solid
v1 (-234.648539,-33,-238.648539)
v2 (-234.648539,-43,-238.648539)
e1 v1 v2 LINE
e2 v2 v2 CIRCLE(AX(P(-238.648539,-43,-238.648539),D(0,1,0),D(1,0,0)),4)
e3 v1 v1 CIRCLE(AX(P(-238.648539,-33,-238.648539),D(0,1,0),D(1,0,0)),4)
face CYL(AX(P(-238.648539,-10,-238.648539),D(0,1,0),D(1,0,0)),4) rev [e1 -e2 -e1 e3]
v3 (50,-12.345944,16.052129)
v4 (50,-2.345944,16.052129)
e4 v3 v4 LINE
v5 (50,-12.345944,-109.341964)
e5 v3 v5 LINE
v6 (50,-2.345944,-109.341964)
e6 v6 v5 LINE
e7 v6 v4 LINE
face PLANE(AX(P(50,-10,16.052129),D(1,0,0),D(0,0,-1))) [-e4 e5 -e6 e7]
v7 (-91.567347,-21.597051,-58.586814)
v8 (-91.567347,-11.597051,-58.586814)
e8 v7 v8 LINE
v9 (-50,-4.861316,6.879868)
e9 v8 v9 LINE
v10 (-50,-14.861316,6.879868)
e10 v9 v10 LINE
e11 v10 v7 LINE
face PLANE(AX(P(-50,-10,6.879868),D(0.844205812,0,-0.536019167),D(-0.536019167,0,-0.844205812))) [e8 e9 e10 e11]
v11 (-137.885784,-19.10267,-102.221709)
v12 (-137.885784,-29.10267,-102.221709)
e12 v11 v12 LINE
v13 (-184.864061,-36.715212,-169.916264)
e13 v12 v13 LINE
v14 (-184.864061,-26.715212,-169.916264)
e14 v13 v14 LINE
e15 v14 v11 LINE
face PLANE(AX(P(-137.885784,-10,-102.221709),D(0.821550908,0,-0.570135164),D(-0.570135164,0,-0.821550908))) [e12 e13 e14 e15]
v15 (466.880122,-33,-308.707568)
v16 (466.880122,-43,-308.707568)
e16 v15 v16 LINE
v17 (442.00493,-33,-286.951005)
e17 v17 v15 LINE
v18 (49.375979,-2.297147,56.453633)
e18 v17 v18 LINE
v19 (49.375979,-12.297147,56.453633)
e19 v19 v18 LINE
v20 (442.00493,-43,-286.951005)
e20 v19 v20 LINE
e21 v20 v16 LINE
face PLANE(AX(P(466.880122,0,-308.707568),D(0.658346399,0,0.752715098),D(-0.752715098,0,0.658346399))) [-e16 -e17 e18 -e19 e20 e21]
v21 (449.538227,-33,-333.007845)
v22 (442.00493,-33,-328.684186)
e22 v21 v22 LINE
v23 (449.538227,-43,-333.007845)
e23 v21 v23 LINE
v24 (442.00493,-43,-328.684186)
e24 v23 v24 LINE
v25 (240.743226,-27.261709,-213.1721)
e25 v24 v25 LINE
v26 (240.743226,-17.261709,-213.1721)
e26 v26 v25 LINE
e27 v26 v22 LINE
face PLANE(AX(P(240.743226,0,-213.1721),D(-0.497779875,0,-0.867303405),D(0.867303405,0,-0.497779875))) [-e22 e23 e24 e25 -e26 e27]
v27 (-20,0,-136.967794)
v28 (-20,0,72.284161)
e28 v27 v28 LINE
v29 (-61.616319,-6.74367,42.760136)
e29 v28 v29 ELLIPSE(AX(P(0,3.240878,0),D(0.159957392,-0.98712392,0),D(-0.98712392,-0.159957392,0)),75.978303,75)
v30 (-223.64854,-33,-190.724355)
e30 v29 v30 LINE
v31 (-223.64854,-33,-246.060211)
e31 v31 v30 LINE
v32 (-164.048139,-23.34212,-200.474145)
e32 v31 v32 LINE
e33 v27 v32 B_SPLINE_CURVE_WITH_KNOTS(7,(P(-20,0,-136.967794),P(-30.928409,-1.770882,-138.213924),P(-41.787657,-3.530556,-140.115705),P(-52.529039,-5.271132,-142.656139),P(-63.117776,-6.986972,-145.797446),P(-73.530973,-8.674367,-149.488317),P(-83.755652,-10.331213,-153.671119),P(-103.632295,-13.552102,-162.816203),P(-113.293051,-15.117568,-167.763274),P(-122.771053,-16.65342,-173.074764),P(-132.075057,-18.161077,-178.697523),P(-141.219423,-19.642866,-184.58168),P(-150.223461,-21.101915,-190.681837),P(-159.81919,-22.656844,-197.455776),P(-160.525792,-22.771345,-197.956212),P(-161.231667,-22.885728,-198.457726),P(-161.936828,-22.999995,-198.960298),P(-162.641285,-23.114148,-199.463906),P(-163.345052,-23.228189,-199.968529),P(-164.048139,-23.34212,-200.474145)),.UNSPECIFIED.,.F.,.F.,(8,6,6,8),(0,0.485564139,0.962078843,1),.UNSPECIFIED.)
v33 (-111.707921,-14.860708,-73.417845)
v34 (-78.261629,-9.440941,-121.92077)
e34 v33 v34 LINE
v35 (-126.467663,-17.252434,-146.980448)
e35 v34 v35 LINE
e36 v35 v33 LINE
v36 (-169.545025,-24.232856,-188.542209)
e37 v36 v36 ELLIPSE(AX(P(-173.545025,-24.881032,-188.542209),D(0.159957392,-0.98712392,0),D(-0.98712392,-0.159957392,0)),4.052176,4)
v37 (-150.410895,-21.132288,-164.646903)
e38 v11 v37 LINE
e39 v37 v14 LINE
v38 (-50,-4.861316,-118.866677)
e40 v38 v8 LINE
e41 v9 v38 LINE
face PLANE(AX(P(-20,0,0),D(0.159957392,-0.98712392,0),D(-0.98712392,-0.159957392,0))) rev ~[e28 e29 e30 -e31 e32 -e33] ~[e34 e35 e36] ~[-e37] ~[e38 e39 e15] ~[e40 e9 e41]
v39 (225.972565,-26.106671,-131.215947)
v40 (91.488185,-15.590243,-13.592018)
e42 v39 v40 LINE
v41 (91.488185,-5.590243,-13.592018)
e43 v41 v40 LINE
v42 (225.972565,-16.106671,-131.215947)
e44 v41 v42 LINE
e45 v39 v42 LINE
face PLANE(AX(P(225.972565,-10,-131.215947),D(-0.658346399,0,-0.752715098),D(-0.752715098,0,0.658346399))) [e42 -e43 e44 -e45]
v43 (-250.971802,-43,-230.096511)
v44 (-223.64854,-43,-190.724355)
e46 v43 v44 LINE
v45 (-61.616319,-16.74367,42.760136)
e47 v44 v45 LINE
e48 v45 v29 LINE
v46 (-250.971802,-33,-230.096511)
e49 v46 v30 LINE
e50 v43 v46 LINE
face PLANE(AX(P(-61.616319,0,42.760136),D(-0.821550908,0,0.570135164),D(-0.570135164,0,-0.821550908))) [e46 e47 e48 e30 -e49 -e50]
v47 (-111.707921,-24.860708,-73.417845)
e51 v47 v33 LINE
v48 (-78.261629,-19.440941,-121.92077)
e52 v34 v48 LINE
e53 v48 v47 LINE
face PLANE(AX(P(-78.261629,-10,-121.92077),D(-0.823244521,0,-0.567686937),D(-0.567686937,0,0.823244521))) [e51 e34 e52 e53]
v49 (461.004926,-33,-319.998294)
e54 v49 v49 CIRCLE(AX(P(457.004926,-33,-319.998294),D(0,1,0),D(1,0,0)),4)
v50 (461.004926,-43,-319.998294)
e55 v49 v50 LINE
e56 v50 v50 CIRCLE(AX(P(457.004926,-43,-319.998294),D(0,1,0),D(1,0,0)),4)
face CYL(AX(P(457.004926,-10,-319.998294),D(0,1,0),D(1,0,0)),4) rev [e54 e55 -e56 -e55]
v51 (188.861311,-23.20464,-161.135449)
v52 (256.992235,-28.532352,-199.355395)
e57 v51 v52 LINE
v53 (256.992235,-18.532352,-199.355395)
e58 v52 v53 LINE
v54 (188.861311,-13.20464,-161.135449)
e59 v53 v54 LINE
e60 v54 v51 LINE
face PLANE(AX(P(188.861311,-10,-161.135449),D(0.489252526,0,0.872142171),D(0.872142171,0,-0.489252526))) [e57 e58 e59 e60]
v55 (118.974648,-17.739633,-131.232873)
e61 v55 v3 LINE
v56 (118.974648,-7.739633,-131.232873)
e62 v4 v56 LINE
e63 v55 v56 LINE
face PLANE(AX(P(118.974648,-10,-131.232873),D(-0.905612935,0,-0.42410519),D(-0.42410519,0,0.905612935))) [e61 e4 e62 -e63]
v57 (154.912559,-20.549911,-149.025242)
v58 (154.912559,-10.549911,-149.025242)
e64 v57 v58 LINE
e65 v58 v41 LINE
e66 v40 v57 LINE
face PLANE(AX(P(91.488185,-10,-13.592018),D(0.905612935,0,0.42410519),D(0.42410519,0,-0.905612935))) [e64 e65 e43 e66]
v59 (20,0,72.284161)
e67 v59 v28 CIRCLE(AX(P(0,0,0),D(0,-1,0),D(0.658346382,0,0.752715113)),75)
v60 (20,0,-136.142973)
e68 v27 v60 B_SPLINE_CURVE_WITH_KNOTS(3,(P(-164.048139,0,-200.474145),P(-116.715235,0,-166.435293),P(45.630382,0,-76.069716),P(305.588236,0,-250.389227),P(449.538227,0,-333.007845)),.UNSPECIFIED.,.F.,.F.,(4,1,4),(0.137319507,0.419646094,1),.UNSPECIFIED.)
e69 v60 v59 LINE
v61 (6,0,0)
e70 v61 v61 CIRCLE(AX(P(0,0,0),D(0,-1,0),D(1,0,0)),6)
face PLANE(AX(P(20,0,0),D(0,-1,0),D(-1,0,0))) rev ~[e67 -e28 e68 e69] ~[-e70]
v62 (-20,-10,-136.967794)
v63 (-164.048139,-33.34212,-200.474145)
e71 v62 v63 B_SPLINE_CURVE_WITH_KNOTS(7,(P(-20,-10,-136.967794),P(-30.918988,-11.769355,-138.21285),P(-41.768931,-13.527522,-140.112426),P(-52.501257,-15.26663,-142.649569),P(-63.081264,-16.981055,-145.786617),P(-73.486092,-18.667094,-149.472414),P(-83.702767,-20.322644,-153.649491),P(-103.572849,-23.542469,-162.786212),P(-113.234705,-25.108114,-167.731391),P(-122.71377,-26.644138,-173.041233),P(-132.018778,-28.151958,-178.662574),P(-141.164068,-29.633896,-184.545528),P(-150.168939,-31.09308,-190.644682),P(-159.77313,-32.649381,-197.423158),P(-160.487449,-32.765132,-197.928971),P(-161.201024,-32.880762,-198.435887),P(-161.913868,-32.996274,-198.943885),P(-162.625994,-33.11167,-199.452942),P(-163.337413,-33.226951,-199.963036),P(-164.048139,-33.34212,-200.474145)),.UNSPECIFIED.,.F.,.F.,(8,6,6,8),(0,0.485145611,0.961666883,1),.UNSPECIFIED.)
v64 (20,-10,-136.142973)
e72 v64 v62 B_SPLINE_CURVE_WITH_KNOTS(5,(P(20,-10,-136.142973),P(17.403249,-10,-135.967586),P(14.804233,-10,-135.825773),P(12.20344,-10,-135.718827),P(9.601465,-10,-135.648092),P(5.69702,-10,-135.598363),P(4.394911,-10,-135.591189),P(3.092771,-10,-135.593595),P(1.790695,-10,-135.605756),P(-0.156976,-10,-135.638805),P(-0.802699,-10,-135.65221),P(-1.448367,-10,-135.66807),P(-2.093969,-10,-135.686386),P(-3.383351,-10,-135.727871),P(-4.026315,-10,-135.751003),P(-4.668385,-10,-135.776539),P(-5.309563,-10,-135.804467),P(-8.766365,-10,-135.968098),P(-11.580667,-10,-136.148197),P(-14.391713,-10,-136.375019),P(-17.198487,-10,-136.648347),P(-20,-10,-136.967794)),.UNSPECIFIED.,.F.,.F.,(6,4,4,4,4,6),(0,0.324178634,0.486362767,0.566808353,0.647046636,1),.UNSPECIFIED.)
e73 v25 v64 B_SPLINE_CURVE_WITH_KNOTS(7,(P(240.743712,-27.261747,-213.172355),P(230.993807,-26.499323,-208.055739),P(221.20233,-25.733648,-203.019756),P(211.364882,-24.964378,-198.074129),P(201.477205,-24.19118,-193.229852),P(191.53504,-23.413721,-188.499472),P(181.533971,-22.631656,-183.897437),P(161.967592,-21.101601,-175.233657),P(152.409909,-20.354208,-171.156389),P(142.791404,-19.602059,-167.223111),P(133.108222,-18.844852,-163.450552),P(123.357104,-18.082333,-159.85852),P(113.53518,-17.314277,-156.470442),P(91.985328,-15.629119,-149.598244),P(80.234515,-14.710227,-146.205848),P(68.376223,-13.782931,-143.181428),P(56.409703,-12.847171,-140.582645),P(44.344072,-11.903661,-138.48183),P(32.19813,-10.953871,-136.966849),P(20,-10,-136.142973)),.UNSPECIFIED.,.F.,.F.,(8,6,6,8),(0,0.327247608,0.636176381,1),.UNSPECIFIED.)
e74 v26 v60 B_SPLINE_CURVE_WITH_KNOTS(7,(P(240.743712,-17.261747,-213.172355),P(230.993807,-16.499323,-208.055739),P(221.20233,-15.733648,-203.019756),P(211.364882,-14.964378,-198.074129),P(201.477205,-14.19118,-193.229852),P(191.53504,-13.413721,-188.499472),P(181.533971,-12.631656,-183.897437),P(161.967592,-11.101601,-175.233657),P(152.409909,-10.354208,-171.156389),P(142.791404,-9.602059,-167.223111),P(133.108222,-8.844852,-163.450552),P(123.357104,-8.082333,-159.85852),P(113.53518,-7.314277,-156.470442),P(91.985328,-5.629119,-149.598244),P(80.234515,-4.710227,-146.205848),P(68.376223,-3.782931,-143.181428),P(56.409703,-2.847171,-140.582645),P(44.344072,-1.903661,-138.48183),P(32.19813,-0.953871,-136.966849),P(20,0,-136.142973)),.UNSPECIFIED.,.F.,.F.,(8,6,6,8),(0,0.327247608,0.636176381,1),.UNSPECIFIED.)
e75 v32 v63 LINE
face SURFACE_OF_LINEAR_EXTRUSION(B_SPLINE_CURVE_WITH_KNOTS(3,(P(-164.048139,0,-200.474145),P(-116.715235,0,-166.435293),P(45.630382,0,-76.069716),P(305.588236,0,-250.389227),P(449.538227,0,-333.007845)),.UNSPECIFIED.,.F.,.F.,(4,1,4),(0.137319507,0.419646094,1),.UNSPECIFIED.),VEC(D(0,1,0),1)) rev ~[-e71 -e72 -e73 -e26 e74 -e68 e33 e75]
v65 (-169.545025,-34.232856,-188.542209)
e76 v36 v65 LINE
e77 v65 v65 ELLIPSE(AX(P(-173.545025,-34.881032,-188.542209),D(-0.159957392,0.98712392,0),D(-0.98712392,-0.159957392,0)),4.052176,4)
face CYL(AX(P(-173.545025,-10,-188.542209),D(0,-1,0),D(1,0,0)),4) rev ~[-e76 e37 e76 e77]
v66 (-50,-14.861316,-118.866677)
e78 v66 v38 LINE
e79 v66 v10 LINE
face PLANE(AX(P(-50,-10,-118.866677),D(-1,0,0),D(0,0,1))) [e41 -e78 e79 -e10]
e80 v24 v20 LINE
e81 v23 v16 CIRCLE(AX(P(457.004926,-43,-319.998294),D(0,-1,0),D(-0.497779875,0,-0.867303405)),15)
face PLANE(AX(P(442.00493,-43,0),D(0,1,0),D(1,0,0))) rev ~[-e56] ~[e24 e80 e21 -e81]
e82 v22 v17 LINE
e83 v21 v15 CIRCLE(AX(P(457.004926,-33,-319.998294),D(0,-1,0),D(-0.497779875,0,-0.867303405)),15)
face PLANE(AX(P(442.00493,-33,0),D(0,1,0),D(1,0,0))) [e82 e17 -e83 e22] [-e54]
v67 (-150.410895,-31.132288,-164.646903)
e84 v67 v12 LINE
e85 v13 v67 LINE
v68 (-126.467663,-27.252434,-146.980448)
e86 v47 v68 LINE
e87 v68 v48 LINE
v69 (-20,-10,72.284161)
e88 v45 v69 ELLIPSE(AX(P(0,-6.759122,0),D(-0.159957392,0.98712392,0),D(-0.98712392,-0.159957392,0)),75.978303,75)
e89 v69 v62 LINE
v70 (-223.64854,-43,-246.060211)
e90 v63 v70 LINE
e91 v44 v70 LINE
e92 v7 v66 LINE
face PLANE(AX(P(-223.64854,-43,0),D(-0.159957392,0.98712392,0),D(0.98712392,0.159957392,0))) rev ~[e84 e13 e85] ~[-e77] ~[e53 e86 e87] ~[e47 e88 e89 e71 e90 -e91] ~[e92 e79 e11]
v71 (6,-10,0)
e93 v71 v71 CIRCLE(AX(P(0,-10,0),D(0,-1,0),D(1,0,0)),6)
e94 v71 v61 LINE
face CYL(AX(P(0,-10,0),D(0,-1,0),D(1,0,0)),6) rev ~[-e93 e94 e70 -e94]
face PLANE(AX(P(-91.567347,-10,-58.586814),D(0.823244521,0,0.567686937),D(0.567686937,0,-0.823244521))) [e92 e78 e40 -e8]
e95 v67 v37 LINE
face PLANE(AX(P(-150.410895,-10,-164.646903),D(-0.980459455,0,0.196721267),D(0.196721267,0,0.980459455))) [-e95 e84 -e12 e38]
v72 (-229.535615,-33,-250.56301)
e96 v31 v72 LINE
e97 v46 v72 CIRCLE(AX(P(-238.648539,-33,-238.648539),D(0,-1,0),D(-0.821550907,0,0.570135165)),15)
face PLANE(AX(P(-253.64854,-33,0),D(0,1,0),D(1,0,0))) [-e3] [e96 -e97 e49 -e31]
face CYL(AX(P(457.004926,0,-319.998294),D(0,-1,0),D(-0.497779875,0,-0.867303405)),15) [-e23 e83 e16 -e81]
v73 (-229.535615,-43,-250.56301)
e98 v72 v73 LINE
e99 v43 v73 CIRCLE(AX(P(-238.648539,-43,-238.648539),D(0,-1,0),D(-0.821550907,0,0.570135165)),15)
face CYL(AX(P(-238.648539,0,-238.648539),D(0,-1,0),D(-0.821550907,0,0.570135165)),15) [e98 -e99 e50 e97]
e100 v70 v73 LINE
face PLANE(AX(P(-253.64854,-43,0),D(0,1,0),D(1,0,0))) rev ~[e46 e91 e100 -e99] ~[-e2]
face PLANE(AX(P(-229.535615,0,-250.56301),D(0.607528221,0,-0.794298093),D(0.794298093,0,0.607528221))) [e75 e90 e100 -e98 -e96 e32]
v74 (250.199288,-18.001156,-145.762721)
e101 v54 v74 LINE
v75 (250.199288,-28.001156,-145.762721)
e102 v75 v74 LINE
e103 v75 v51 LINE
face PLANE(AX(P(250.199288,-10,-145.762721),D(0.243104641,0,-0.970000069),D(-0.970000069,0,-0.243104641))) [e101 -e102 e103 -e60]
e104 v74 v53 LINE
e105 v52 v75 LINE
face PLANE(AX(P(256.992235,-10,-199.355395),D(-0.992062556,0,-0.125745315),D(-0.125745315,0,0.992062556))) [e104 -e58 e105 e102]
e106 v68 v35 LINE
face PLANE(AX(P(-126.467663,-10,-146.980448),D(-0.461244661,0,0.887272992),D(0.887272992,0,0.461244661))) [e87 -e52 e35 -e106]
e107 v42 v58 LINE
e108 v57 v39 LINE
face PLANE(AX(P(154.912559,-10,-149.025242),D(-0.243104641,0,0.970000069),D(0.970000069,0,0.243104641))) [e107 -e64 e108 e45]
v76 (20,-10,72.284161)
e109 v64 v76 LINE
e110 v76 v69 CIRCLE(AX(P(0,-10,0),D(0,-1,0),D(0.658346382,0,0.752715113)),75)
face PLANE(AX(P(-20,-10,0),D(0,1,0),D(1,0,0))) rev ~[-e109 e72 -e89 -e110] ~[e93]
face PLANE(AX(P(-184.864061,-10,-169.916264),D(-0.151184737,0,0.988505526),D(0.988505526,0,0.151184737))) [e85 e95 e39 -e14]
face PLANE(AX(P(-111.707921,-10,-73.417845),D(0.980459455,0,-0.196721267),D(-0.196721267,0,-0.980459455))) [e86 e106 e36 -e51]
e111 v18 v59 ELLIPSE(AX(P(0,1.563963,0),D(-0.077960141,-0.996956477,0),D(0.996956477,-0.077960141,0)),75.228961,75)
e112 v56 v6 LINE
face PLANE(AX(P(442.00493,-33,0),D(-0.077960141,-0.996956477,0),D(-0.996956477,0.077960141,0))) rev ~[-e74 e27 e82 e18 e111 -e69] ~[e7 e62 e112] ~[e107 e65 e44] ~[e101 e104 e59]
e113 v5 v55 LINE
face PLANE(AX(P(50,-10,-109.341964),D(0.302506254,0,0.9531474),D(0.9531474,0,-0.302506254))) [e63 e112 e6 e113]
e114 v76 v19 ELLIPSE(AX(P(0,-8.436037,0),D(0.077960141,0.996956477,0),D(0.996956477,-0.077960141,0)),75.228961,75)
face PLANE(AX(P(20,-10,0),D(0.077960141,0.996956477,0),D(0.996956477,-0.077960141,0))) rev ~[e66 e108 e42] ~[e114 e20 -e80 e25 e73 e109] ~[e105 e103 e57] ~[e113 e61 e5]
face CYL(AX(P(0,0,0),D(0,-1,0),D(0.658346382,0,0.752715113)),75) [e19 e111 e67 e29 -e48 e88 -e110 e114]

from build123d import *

# Parameters (mm, degrees)
F1_W     = 30
F1_H     = 10
F2_DEPTH = 340
F3_DEPTH = 100
F5_DEPTH = 76
F6_R     = 4
F6_R_2   = 6
F7_DEPTH = 66


with BuildPart() as f2:
    # F1 (on Top) → F2 (new body)
    with BuildSketch(Plane.XY):
        Polygon((0, 0), (-20, 0), (-20, -10), (0, -10), (20, -10), (20, 0), align=None)
        Polygon((-20, -10), (-20, 0), (-223.64854, -33), (-223.64854, -43), align=None)
        with Locations((-238.64854, -38)):
            Rectangle(F1_W, F1_H)
        Polygon((442.00493, -33), (20, 0), (20, -10), (442.00493, -43), align=None)
        with Locations((457.00493, -38)):
            Rectangle(F1_W, F1_H)
    extrude(amount=-F2_DEPTH)

    # F1 (on Top) → F3 (join)
    with BuildSketch(Plane.XY):
        Polygon((0, 0), (-20, 0), (-20, -10), (0, -10), (20, -10), (20, 0), align=None)
        Polygon((-20, -10), (-20, 0), (-223.64854, -33), (-223.64854, -43), align=None)
        with Locations((-238.64854, -38)):
            Rectangle(F1_W, F1_H)
        Polygon((442.00493, -33), (20, 0), (20, -10), (442.00493, -43), align=None)
        with Locations((457.00493, -38)):
            Rectangle(F1_W, F1_H)
    extrude(amount=F3_DEPTH)

    # F4 (on Front) → F5 (intersect, symmetric)
    with BuildSketch(Plane.XZ):
        with BuildLine():
            ThreePointArc((-250.9718022583, -230.0965111685), (-249.006915225, -249.4976876834), (-229.5356153331, -250.563010045))
            ThreePointArc((-229.5356153331, -250.563010045), (-225.2006047987, -245.2933166844), (-223.6485386505, -238.6485386505))
            ThreePointArc((-223.6485386505, -238.6485386505), (-234.1679669301, -224.3333552056), (-250.9718022583, -230.0965111685))
        make_face()
        with BuildLine():
            add(Edge.make_bspline(
                [(-229.5356153331, -250.563010045), (-208.7207010553, -234.6424785008), (-187.0701685552, -217.0301430269), (-164.0481391717, -200.4741451059)],
                knots=[0, 0, 0, 0, 0.1373195068, 0.1373195068, 0.1373195068, 0.1373195068], degree=3))
            Line((-229.5356153331, -250.563010045), (-164.0481391717, -200.4741451059))
        make_face()
        with BuildLine():
            ThreePointArc((-223.6485386505, -238.6485386505), (-225.2006047987, -245.2933166844), (-229.5356153331, -250.563010045))
            add(Edge.make_bspline(
                [(-229.5356153331, -250.563010045), (-208.7207010553, -234.6424785008), (-187.0701685552, -217.0301430269), (-164.0481391717, -200.4741451059)],
                knots=[0, 0, 0, 0, 0.1373195068, 0.1373195068, 0.1373195068, 0.1373195068], degree=3))
            Line((-164.0481391717, -200.4741451059), (0, -75))
            ThreePointArc((0, -75), (-66.4530293795, -34.7706037666), (-61.6163187638, 42.7601363655))
            Line((-61.6163187638, 42.7601363655), (-250.9718022583, -230.0965111685))
            ThreePointArc((-250.9718022583, -230.0965111685), (-234.1679669301, -224.3333552056), (-223.6485386505, -238.6485386505))
        make_face()
        with BuildLine():
            Line((0, -75), (-164.0481391717, -200.4741451059))
            add(Edge.make_bspline(
                [(-164.0481391717, -200.4741451059), (-116.7152354778, -166.4352929221), (-4.1014041633, -103.751655246), (155.4809175381, -168.4276528716), (240.7432263876, -213.1721002441)],
                knots=[0.1373195068, 0.1373195068, 0.1373195068, 0.1373195068, 0.4196460942, 0.7357326781, 0.7357326781, 0.7357326781, 0.7357326781], degree=3))
            Line((240.7432263876, -213.1721002441), (0, -75))
        make_face()
        with BuildLine():
            ThreePointArc((49.3759786376, 56.4536334843), (-9.1833788682, 74.4356470555), (-61.6163187638, 42.7601363655))
            ThreePointArc((-61.6163187638, 42.7601363655), (-66.4530293795, -34.7706037666), (0, -75))
            ThreePointArc((0, -75), (53.033008589, -53.033008589), (75, 0))
            ThreePointArc((75, 0), (68.2942105812, 30.9983999763), (49.3759786376, 56.4536334843))
        make_face()
        with BuildLine():
            ThreePointArc((75, 0), (53.033008589, -53.033008589), (0, -75))
            Line((0, -75), (240.7432263876, -213.1721002441))
            add(Edge.make_bspline(
                [(240.7432263876, -213.1721002441), (312.0276249141, -250.5811390256), (383.9898125383, -295.3870059685), (449.5382273905, -333.0078449167)],
                knots=[0.7357326781, 0.7357326781, 0.7357326781, 0.7357326781, 1, 1, 1, 1], degree=3))
            ThreePointArc((449.5382273905, -333.0078449167), (444.7952538382, -311.2848606652), (466.8801220688, -308.7075678715))
            Line((466.8801220688, -308.7075678715), (49.3759786376, 56.4536334843))
            ThreePointArc((49.3759786376, 56.4536334843), (68.2942105812, 30.9983999763), (75, 0))
        make_face()
        with BuildLine():
            add(Edge.make_bspline(
                [(240.7432263876, -213.1721002441), (312.0276249141, -250.5811390256), (383.9898125383, -295.3870059685), (449.5382273905, -333.0078449167)],
                knots=[0.7357326781, 0.7357326781, 0.7357326781, 0.7357326781, 1, 1, 1, 1], degree=3))
            Line((240.7432263876, -213.1721002441), (449.5382273905, -333.0078449167))
        make_face()
        with BuildLine():
            ThreePointArc((466.8801220688, -308.7075678715), (444.7952538382, -311.2848606652), (449.5382273905, -333.0078449167))
            ThreePointArc((449.5382273905, -333.0078449167), (464.521558007, -332.979057912), (472.0049255088, -319.9982938402))
            ThreePointArc((472.0049255088, -319.9982938402), (470.6637678536, -313.7986143485), (466.8801220688, -308.7075678715))
        make_face()
    extrude(amount=F5_DEPTH, both=True, mode=Mode.INTERSECT)

    # F6 (on face) → F7 (cut, symmetric)
    with BuildSketch(Plane.XZ.offset(10)):
        Polygon((-50, -118.8666767037), (-50, 6.8798678522), (-91.5673471808, -58.5868135927), align=None)
        Polygon((-126.4676634488, -146.9804479722), (-78.2616292159, -121.9207695), (-111.7079214913, -73.417844568), align=None)
        Polygon((-150.4108945671, -164.6469025725), (-137.8857839916, -102.2217094685), (-184.8640607304, -169.9162639715), align=None)
        Polygon((50, 16.0521292518), (50, -109.3419641256), (118.974648416, -131.2328726053), align=None)
        Polygon((225.9725652657, -131.215947327), (91.4881845235, -13.5920175816), (154.9125586599, -149.0252423531), align=None)
        Polygon((250.1992884028, -145.7627206944), (188.8613105429, -161.1354485647), (256.9922346805, -199.3553946004), align=None)
        with Locations((-238.6485386505, -238.6485386505)):
            Circle(F6_R)
        with Locations((457.0049255088, -319.9982938402)):
            Circle(F6_R)
        Circle(F6_R_2)
        with Locations((-173.5450253277, -188.5422087565)):
            Circle(F6_R)
    extrude(amount=F7_DEPTH, both=True, mode=Mode.SUBTRACT)


solid = f2.part
